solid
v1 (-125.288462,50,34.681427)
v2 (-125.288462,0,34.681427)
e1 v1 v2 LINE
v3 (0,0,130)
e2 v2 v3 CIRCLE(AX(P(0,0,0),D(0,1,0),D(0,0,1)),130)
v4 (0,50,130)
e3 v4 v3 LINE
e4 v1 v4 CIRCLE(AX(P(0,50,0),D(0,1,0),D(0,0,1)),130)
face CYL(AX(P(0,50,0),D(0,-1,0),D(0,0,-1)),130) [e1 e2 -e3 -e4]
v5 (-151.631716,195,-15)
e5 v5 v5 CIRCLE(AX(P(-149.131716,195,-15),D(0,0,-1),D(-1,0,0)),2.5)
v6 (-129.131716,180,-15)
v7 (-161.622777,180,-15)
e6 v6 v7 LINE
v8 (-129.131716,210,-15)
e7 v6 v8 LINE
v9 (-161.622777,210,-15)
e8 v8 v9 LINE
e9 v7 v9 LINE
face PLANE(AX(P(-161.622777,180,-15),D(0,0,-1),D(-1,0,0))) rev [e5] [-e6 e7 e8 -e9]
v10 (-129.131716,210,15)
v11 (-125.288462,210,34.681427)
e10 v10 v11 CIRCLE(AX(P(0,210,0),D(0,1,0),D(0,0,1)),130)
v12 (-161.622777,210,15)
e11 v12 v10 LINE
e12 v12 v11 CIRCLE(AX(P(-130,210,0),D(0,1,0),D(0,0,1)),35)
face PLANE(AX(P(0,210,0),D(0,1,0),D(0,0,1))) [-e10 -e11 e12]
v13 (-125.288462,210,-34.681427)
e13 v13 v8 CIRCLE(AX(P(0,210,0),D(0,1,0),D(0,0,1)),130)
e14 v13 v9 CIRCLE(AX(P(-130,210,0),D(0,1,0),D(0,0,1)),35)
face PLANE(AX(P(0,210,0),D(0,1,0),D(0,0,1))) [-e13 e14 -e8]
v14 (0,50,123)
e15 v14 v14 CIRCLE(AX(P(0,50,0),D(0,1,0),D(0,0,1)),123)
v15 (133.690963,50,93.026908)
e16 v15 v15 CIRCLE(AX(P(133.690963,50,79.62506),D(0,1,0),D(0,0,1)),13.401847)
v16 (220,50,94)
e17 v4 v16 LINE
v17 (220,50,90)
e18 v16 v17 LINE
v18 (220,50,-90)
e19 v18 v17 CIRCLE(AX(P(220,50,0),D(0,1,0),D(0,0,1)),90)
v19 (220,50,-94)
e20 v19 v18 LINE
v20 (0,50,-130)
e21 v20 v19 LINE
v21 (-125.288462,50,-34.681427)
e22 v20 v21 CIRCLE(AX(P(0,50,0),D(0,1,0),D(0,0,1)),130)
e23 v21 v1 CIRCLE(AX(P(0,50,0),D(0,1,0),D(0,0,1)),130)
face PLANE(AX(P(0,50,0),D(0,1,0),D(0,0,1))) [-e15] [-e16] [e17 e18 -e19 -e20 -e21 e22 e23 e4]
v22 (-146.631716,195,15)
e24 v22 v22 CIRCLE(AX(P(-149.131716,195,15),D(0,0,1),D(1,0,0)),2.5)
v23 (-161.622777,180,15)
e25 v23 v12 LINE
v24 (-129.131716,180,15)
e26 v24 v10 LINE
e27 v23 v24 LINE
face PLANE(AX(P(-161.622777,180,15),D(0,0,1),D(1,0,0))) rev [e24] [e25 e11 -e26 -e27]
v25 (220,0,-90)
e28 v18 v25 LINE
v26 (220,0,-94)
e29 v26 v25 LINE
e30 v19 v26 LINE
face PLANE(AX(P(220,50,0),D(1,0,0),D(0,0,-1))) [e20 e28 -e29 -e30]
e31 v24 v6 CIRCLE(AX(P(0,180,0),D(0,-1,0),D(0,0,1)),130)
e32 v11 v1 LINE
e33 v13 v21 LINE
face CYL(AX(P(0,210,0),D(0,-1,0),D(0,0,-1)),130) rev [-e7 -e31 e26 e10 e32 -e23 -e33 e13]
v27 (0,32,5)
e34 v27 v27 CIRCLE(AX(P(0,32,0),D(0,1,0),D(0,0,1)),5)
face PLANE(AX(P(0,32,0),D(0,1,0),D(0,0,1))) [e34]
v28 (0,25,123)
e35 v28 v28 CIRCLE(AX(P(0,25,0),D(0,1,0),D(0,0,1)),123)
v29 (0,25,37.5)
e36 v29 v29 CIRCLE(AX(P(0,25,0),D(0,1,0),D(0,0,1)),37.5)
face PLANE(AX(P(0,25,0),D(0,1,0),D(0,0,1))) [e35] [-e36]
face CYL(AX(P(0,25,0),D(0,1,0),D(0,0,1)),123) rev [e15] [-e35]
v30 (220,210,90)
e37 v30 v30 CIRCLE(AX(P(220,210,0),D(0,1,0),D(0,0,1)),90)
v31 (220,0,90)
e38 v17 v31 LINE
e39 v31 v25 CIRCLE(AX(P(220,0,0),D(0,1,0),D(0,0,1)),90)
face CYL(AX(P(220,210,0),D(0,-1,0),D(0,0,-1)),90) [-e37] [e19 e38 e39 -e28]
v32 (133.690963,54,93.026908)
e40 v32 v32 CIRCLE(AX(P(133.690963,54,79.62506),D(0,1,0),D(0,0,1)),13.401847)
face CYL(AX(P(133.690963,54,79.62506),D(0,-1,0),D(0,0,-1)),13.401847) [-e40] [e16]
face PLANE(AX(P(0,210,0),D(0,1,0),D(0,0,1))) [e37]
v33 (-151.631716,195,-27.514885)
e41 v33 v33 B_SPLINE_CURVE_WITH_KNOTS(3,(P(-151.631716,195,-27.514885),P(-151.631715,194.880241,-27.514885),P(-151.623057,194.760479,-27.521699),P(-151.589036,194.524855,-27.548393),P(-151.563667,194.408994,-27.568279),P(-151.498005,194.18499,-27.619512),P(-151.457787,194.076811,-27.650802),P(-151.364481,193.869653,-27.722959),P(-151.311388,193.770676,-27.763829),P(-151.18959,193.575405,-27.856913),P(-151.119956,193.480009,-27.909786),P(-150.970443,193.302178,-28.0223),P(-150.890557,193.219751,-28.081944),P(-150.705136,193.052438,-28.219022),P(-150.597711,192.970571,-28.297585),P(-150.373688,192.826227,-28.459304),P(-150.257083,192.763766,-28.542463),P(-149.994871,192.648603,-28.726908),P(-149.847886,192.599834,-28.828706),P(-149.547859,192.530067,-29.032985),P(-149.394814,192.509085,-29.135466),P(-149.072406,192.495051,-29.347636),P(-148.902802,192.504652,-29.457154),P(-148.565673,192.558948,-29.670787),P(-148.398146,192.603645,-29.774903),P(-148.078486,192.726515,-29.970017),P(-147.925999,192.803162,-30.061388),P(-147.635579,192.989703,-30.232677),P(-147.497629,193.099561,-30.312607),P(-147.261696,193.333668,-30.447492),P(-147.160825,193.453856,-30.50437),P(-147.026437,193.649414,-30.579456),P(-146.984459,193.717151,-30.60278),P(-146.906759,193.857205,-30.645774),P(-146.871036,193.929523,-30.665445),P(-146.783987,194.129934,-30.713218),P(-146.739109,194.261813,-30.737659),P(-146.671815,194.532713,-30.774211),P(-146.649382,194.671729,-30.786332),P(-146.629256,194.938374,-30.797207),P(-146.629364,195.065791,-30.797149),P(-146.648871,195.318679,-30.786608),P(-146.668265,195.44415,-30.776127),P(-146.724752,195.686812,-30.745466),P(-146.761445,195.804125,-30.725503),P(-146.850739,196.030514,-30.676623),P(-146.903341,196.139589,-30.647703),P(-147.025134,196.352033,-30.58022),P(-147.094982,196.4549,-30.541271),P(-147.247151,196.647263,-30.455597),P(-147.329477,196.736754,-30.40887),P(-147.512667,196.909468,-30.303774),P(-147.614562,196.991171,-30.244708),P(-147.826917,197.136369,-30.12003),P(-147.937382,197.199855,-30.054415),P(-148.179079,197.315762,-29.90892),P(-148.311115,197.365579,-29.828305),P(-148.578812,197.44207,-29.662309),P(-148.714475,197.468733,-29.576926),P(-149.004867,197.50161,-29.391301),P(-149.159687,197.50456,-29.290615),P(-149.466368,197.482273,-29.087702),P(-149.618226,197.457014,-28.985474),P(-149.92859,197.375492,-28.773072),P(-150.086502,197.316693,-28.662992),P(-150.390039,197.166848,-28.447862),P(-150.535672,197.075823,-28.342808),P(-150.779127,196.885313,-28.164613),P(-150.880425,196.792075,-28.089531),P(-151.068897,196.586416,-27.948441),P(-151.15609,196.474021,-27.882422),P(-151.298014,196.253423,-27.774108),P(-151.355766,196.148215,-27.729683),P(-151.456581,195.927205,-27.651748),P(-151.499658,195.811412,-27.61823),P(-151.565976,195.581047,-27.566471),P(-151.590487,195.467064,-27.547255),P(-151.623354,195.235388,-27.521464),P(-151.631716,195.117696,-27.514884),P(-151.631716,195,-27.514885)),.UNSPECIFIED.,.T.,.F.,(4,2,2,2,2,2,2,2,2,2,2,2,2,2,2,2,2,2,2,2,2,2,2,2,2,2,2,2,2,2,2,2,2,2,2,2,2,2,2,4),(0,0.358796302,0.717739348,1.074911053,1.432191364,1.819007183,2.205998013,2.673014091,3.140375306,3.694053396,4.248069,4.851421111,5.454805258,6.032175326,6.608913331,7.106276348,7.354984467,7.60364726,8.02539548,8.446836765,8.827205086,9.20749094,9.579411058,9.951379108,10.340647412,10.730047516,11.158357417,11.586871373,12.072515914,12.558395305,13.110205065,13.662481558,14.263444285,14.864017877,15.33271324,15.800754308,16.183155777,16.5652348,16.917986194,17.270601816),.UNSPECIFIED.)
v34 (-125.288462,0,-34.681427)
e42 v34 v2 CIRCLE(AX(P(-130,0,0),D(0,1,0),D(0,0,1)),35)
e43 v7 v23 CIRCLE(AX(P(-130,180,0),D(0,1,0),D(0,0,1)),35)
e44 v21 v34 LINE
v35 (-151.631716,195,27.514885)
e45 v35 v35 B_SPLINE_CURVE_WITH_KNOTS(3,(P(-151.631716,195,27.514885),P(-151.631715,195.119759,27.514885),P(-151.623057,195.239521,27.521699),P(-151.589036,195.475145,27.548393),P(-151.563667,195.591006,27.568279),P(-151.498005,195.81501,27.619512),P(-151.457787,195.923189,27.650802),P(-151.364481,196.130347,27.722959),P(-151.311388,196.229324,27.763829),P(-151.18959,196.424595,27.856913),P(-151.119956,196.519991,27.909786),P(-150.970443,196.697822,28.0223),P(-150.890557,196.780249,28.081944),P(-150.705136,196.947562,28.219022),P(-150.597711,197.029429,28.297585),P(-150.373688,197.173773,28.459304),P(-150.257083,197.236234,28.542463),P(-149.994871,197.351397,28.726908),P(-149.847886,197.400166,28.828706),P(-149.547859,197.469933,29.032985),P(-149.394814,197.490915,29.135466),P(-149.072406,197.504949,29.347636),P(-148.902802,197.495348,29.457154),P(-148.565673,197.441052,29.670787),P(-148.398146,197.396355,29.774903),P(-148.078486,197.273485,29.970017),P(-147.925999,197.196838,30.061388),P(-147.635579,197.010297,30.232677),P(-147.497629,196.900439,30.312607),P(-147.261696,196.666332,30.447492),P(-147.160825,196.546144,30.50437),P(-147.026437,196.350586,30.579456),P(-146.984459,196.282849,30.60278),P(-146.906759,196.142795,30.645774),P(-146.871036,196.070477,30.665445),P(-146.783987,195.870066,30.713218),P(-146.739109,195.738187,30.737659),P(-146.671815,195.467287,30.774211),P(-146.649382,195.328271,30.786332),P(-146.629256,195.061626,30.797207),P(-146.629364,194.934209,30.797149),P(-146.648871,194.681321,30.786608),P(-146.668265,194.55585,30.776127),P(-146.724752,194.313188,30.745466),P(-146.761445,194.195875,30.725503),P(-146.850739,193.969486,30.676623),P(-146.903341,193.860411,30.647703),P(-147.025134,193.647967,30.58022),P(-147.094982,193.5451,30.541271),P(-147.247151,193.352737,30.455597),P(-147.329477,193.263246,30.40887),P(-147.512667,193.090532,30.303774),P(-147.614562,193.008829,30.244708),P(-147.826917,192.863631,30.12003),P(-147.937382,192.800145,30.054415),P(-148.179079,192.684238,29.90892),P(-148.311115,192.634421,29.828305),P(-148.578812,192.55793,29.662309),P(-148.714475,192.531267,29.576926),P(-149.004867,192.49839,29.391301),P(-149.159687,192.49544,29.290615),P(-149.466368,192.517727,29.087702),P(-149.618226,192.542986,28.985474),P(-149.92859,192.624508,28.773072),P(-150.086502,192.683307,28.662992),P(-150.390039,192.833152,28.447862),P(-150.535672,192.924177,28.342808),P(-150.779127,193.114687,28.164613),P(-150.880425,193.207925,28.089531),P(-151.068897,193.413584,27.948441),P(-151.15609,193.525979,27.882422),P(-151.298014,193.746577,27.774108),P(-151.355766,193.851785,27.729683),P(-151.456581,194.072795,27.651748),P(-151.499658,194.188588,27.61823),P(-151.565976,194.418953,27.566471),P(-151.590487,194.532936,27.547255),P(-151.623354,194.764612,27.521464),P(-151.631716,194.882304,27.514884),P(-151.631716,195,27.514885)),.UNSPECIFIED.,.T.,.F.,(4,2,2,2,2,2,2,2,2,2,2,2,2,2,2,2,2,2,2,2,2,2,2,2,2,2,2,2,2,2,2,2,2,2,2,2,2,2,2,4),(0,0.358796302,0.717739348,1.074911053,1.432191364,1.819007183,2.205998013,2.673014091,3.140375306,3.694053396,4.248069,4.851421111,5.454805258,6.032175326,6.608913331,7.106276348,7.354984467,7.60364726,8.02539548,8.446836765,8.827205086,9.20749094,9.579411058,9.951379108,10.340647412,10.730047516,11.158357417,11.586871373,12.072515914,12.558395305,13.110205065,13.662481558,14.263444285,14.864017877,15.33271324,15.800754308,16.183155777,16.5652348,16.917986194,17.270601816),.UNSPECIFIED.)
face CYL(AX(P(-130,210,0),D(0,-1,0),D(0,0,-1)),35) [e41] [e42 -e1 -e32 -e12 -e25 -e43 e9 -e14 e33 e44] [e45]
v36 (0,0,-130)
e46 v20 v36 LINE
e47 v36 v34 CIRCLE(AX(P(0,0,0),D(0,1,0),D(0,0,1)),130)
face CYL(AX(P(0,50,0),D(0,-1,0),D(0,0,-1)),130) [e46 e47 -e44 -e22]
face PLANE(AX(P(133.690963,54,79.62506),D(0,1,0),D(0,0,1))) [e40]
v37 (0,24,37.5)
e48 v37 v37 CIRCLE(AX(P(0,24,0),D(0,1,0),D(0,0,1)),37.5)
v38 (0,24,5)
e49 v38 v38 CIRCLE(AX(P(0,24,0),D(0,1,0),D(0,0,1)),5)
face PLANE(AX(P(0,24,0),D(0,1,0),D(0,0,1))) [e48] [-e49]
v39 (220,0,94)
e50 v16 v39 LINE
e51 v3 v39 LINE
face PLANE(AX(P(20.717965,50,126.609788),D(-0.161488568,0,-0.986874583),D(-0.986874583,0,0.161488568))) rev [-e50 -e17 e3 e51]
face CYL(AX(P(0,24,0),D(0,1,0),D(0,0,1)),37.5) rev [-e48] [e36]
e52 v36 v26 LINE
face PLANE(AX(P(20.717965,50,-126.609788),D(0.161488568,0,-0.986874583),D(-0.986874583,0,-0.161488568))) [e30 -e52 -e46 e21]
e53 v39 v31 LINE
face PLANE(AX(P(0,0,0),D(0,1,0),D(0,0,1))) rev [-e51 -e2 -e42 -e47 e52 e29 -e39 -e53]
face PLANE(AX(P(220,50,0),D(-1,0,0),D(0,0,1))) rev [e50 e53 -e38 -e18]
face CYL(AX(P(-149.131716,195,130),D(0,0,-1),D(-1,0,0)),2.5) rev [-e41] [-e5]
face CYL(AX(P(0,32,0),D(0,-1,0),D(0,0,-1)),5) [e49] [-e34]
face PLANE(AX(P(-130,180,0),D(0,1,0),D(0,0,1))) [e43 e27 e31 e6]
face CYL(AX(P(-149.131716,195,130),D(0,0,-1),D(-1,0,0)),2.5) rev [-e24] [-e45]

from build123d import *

# Parameters (mm, degrees)
BOSS_EXTRUDE1_DEPTH     = 210
BOSS_EXTRUDE2_DEPTH     = 50
BOSS_EXTRUDE3_DEPTH     = 210
SKETCH4_R               = 123
CUT_EXTRUDE1_DEPTH      = 25
CUT_EXTRUDE2_START      = -30
CUT_EXTRUDE2_DEPTH      = 30
CUT_EXTRUDE3_DEPTH      = 402.528330258
CUT_EXTRUDE3_DEPTH_BACK = 402.528330258
SKETCH8_R               = 2.5
SKETCH9_R               = 37.5
CUT_EXTRUDE4_DEPTH      = 1
SKETCH10_R              = 5
BOSS_EXTRUDE4_DEPTH     = 8
SKETCH11_R              = 13.401847331
BOSS_EXTRUDE5_DEPTH     = 4


with BuildPart() as part:
    # Sketch3 → Boss-Extrude1 (new body)
    with BuildSketch(Plane(origin=(0, 0, 0), x_dir=(1, 0, 0), z_dir=(0, 1, 0))):
        with BuildLine():
            ThreePointArc((220, 90), (130, 0), (220, -90))
            ThreePointArc((220, -90), (283.639610307, -63.639610307), (310, 0))
            ThreePointArc((310, 0), (283.639610307, 63.639610307), (220, 90))
        make_face()
    extrude(amount=BOSS_EXTRUDE1_DEPTH)

    # Sketch3<3> → Boss-Extrude2 (add)
    with BuildSketch(Plane(origin=(0, 0, 0), x_dir=(1, 0, 0), z_dir=(0, 1, 0))):
        with BuildLine():
            ThreePointArc((-125.288461538, -34.681427383), (-78.71281484, -103.461552182), (0, -130))
            Line((0, -130), (220, -94))
            Line((220, -94), (220, -90))
            ThreePointArc((220, -90), (130, 0), (220, 90))
            Line((220, 90), (220, 94))
            Line((220, 94), (0, 130))
            ThreePointArc((0, 130), (-78.71281484, 103.461552182), (-125.288461538, 34.681427383))
            ThreePointArc((-125.288461538, 34.681427383), (-130, 0), (-125.288461538, -34.681427383))
        make_face()
    extrude(amount=BOSS_EXTRUDE2_DEPTH)

    # Sketch3<4> → Boss-Extrude3 (add)
    with BuildSketch(Plane(origin=(0, 0, 0), x_dir=(1, 0, 0), z_dir=(0, 1, 0))):
        with BuildLine():
            ThreePointArc((-125.288461538, 34.681427383), (-165, 0), (-125.288461538, -34.681427383))
            ThreePointArc((-125.288461538, -34.681427383), (-130, 0), (-125.288461538, 34.681427383))
        make_face()
    extrude(amount=BOSS_EXTRUDE3_DEPTH)

    # Sketch4 → Cut-Extrude1 (cut)
    with BuildSketch(Plane(origin=(0, 50, 0), x_dir=(1, 0, 0), z_dir=(0, 1, 0))):
        Circle(SKETCH4_R)
    extrude(amount=-CUT_EXTRUDE1_DEPTH, mode=Mode.SUBTRACT)

    # Sketch6 → Cut-Extrude2 (cut)
    with BuildSketch(Plane(origin=(0, 210, 0), x_dir=(1, 0, 0), z_dir=(0, 1, 0)).offset(CUT_EXTRUDE2_START)):
        with BuildLine():
            Line((-161.622776602, 15), (-129.131715701, 15))
            ThreePointArc((-129.131715701, 15), (-130, 0), (-129.131715701, -15))
            Line((-129.131715701, -15), (-161.622776602, -15))
            ThreePointArc((-161.622776602, -15), (-165, 0), (-161.622776602, 15))
        make_face()
    extrude(amount=CUT_EXTRUDE2_DEPTH, mode=Mode.SUBTRACT)

    # Sketch8 → Cut-Extrude3 (cut, two sides: drawn at the far end of the back side and taken through both)
    with BuildSketch(Plane(origin=(0, 0, 15), x_dir=(-1, 0, 0), z_dir=(0, 0, -1)).offset(-CUT_EXTRUDE3_DEPTH_BACK)):
        with Locations((149.131715701, 195)):
            Circle(SKETCH8_R)
    extrude(amount=CUT_EXTRUDE3_DEPTH + CUT_EXTRUDE3_DEPTH_BACK, mode=Mode.SUBTRACT)

    # Sketch9 → Cut-Extrude4 (cut)
    with BuildSketch(Plane(origin=(0, 25, 0), x_dir=(1, 0, 0), z_dir=(0, 1, 0))):
        Circle(SKETCH9_R)
    extrude(amount=-CUT_EXTRUDE4_DEPTH, mode=Mode.SUBTRACT)

    # Sketch10 → Boss-Extrude4 (add)
    with BuildSketch(Plane(origin=(0, 24, 0), x_dir=(1, 0, 0), z_dir=(0, 1, 0))):
        Circle(SKETCH10_R)
    extrude(amount=BOSS_EXTRUDE4_DEPTH)

    # Sketch11 → Boss-Extrude5 (add)
    with BuildSketch(Plane(origin=(0, 50, 0), x_dir=(1, 0, 0), z_dir=(0, 1, 0))):
        with Locations((133.690962694, -79.625060242)):
            Circle(SKETCH11_R)
    extrude(amount=BOSS_EXTRUDE5_DEPTH)


solid = part.part
